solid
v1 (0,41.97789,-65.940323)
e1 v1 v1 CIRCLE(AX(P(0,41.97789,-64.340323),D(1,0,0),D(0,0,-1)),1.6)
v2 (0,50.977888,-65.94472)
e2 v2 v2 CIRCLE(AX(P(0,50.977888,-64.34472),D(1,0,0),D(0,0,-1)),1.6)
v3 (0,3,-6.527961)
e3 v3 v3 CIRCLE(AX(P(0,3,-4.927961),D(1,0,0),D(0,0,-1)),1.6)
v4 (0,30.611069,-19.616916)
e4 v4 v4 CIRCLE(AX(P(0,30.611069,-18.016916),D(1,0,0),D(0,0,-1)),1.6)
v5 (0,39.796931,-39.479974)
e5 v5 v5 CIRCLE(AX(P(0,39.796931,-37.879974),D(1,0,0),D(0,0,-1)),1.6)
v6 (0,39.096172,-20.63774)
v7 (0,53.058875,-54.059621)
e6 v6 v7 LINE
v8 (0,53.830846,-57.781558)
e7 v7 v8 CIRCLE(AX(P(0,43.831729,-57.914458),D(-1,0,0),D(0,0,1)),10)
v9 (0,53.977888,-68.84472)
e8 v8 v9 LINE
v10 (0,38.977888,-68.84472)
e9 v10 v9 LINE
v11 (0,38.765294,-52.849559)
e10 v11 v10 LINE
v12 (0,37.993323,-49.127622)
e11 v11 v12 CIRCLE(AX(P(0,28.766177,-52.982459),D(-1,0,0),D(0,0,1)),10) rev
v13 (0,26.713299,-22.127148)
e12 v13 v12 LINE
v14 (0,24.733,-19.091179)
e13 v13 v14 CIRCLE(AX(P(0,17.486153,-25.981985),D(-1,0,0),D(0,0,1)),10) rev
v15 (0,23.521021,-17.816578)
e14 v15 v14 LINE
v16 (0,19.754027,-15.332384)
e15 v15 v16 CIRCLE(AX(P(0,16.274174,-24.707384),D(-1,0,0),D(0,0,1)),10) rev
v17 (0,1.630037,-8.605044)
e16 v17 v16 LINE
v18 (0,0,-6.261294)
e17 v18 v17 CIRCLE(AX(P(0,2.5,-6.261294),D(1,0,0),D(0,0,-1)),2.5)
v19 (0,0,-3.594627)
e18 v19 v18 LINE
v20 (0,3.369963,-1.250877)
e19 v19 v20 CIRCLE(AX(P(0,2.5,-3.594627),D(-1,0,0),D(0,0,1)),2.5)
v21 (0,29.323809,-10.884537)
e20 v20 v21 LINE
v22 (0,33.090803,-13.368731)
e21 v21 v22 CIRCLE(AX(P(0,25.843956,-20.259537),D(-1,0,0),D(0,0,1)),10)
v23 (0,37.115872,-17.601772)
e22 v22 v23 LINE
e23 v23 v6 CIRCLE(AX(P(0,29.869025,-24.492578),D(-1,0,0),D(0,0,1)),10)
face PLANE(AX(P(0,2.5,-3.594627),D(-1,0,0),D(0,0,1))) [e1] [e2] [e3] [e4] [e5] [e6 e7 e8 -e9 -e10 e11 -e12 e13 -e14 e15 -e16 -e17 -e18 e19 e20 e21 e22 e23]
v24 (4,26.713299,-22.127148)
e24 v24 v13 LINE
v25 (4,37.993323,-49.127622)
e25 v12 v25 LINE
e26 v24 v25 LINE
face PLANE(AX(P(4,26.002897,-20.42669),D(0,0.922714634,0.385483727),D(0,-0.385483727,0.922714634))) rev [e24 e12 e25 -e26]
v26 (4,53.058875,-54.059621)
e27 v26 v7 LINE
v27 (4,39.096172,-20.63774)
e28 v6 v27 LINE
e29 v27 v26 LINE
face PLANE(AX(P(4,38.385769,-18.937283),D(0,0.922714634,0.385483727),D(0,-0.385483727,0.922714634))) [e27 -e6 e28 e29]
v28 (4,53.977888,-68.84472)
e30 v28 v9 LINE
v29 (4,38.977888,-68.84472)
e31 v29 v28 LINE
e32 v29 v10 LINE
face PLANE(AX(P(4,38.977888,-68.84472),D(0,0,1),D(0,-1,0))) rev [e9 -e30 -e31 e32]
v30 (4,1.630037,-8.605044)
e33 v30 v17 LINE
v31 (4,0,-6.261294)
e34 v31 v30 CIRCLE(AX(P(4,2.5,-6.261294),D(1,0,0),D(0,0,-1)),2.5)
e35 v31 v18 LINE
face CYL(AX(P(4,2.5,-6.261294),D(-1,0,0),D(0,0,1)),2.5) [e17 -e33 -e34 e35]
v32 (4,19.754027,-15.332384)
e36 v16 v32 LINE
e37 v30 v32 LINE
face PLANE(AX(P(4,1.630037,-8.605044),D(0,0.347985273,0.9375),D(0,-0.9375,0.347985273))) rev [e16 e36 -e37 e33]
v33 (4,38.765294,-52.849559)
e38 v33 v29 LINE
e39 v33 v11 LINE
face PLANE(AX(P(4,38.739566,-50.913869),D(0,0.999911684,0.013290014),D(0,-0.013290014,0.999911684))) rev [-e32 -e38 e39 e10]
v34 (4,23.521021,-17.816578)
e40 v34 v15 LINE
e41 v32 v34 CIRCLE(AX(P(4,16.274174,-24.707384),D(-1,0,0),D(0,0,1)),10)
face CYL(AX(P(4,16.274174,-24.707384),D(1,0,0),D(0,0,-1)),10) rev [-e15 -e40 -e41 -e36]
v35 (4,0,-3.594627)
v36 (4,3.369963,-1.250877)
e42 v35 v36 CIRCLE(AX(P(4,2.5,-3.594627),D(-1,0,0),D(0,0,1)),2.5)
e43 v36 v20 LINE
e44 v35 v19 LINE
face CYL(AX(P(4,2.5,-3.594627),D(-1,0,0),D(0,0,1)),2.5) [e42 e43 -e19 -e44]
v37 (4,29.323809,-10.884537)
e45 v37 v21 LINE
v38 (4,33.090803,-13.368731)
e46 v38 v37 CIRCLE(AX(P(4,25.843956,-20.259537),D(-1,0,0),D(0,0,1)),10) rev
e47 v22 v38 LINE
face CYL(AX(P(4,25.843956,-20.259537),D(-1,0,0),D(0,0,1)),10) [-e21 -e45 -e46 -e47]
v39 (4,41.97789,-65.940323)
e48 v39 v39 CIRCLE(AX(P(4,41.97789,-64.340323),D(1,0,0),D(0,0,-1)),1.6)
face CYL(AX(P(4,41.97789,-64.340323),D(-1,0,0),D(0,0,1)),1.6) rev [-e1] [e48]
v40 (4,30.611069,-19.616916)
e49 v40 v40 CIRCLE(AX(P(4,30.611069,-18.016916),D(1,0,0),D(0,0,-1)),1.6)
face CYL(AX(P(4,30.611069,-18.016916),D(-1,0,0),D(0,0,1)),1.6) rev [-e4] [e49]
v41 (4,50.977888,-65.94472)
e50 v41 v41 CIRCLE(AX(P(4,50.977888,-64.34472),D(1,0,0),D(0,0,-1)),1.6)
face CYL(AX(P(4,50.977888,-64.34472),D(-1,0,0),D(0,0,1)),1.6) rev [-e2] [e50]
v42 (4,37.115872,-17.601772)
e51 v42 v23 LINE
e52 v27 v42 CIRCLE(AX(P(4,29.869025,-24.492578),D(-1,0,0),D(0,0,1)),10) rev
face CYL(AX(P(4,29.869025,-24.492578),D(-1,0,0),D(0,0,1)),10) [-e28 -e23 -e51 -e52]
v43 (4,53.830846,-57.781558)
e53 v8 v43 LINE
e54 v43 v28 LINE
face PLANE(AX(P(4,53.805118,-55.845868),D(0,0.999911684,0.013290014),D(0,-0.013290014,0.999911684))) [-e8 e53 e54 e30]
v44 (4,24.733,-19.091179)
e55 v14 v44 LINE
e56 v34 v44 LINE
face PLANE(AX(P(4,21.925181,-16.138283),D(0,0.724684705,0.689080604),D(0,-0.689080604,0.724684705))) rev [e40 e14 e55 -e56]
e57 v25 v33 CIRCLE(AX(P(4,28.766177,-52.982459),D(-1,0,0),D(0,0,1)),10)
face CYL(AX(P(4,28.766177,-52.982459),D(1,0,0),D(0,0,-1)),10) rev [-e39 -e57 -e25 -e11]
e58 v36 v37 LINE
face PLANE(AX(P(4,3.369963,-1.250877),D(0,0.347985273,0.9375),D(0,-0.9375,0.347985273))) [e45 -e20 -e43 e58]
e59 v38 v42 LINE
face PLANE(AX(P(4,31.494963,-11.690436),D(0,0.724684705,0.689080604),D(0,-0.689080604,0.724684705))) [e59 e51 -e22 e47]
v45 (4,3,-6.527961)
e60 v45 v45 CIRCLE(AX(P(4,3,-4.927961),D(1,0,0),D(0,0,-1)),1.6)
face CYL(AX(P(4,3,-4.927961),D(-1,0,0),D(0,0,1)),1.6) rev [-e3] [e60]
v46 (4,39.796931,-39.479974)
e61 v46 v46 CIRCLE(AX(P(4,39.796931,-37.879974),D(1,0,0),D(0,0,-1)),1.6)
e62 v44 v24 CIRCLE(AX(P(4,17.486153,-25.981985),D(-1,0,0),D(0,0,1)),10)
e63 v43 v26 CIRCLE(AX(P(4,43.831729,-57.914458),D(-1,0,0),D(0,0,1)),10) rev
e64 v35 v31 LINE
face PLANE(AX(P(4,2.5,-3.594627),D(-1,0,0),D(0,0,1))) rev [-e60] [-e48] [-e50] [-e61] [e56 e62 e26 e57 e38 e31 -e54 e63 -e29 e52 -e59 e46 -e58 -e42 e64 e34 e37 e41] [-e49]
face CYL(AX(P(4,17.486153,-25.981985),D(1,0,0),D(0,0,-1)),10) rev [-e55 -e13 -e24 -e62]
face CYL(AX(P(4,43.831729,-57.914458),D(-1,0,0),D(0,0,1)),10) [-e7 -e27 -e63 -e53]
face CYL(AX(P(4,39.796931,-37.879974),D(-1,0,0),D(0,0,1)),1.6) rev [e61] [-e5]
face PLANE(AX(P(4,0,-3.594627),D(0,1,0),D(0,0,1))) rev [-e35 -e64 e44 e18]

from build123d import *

# Parameters (mm, degrees)
SKETCH1_R           = 1.6
BOSS_EXTRUDE1_DEPTH = 4
FILLET1_R           = 10


with BuildPart() as part:
    # Sketch1 → Boss-Extrude1 (new body)
    with BuildSketch(Plane(origin=(0, 0, 0), x_dir=(0, 0, -1), z_dir=(1, 0, 0))):
        with BuildLine():
            Line((3.594627394, 0), (6.26129406, 0))
            ThreePointArc((6.26129406, 0), (7.688720424, 0.447573637), (8.60504406, 1.630036818))
            Line((8.60504406, 1.630036818), (16.138282763, 21.925181005))
            Line((16.138282763, 21.925181005), (20.42668985, 26.002896629))
            Line((20.42668985, 26.002896629), (50.91386883, 38.739566173))
            Line((50.91386883, 38.739566173), (68.844719883, 38.977888478))
            Line((68.844719883, 38.977888478), (68.844719883, 53.977888478))
            Line((68.844719883, 53.977888478), (55.845867993, 53.805118299))
            Line((55.845867993, 53.805118299), (18.937282625, 38.385769218))
            Line((18.937282625, 38.385769218), (11.690435574, 31.494963182))
            Line((11.690435574, 31.494963182), (1.250877394, 3.369963182))
            ThreePointArc((1.250877394, 3.369963182), (1.54220103, 1.072573637), (3.594627394, 0))
        make_face()
        with Locations((64.344719883, 50.977888478)):
            Circle(SKETCH1_R, mode=Mode.SUBTRACT)
        with Locations((4.927960727, 3)):
            Circle(SKETCH1_R, mode=Mode.SUBTRACT)
        with Locations((18.016916415, 30.611068767)):
            Circle(SKETCH1_R, mode=Mode.SUBTRACT)
        with Locations((37.879973994, 39.796930611)):
            Circle(SKETCH1_R, mode=Mode.SUBTRACT)
        with Locations((64.340323045, 41.977889552)):
            Circle(SKETCH1_R, mode=Mode.SUBTRACT)
    extrude(amount=BOSS_EXTRUDE1_DEPTH)

    # Fillet1
    fillet1_edges = [part.edges().sort_by_distance(p)[0] for p in [
        (2, 21.925181005, -16.138282763),
        (2, 26.002896629, -20.42668985),
        (2, 38.739566173, -50.91386883),
        (2, 53.805118299, -55.845867993),
        (2, 38.385769218, -18.937282625),
        (2, 31.494963182, -11.690435574),
    ]]
    fillet(fillet1_edges, radius=FILLET1_R)


solid = part.part
